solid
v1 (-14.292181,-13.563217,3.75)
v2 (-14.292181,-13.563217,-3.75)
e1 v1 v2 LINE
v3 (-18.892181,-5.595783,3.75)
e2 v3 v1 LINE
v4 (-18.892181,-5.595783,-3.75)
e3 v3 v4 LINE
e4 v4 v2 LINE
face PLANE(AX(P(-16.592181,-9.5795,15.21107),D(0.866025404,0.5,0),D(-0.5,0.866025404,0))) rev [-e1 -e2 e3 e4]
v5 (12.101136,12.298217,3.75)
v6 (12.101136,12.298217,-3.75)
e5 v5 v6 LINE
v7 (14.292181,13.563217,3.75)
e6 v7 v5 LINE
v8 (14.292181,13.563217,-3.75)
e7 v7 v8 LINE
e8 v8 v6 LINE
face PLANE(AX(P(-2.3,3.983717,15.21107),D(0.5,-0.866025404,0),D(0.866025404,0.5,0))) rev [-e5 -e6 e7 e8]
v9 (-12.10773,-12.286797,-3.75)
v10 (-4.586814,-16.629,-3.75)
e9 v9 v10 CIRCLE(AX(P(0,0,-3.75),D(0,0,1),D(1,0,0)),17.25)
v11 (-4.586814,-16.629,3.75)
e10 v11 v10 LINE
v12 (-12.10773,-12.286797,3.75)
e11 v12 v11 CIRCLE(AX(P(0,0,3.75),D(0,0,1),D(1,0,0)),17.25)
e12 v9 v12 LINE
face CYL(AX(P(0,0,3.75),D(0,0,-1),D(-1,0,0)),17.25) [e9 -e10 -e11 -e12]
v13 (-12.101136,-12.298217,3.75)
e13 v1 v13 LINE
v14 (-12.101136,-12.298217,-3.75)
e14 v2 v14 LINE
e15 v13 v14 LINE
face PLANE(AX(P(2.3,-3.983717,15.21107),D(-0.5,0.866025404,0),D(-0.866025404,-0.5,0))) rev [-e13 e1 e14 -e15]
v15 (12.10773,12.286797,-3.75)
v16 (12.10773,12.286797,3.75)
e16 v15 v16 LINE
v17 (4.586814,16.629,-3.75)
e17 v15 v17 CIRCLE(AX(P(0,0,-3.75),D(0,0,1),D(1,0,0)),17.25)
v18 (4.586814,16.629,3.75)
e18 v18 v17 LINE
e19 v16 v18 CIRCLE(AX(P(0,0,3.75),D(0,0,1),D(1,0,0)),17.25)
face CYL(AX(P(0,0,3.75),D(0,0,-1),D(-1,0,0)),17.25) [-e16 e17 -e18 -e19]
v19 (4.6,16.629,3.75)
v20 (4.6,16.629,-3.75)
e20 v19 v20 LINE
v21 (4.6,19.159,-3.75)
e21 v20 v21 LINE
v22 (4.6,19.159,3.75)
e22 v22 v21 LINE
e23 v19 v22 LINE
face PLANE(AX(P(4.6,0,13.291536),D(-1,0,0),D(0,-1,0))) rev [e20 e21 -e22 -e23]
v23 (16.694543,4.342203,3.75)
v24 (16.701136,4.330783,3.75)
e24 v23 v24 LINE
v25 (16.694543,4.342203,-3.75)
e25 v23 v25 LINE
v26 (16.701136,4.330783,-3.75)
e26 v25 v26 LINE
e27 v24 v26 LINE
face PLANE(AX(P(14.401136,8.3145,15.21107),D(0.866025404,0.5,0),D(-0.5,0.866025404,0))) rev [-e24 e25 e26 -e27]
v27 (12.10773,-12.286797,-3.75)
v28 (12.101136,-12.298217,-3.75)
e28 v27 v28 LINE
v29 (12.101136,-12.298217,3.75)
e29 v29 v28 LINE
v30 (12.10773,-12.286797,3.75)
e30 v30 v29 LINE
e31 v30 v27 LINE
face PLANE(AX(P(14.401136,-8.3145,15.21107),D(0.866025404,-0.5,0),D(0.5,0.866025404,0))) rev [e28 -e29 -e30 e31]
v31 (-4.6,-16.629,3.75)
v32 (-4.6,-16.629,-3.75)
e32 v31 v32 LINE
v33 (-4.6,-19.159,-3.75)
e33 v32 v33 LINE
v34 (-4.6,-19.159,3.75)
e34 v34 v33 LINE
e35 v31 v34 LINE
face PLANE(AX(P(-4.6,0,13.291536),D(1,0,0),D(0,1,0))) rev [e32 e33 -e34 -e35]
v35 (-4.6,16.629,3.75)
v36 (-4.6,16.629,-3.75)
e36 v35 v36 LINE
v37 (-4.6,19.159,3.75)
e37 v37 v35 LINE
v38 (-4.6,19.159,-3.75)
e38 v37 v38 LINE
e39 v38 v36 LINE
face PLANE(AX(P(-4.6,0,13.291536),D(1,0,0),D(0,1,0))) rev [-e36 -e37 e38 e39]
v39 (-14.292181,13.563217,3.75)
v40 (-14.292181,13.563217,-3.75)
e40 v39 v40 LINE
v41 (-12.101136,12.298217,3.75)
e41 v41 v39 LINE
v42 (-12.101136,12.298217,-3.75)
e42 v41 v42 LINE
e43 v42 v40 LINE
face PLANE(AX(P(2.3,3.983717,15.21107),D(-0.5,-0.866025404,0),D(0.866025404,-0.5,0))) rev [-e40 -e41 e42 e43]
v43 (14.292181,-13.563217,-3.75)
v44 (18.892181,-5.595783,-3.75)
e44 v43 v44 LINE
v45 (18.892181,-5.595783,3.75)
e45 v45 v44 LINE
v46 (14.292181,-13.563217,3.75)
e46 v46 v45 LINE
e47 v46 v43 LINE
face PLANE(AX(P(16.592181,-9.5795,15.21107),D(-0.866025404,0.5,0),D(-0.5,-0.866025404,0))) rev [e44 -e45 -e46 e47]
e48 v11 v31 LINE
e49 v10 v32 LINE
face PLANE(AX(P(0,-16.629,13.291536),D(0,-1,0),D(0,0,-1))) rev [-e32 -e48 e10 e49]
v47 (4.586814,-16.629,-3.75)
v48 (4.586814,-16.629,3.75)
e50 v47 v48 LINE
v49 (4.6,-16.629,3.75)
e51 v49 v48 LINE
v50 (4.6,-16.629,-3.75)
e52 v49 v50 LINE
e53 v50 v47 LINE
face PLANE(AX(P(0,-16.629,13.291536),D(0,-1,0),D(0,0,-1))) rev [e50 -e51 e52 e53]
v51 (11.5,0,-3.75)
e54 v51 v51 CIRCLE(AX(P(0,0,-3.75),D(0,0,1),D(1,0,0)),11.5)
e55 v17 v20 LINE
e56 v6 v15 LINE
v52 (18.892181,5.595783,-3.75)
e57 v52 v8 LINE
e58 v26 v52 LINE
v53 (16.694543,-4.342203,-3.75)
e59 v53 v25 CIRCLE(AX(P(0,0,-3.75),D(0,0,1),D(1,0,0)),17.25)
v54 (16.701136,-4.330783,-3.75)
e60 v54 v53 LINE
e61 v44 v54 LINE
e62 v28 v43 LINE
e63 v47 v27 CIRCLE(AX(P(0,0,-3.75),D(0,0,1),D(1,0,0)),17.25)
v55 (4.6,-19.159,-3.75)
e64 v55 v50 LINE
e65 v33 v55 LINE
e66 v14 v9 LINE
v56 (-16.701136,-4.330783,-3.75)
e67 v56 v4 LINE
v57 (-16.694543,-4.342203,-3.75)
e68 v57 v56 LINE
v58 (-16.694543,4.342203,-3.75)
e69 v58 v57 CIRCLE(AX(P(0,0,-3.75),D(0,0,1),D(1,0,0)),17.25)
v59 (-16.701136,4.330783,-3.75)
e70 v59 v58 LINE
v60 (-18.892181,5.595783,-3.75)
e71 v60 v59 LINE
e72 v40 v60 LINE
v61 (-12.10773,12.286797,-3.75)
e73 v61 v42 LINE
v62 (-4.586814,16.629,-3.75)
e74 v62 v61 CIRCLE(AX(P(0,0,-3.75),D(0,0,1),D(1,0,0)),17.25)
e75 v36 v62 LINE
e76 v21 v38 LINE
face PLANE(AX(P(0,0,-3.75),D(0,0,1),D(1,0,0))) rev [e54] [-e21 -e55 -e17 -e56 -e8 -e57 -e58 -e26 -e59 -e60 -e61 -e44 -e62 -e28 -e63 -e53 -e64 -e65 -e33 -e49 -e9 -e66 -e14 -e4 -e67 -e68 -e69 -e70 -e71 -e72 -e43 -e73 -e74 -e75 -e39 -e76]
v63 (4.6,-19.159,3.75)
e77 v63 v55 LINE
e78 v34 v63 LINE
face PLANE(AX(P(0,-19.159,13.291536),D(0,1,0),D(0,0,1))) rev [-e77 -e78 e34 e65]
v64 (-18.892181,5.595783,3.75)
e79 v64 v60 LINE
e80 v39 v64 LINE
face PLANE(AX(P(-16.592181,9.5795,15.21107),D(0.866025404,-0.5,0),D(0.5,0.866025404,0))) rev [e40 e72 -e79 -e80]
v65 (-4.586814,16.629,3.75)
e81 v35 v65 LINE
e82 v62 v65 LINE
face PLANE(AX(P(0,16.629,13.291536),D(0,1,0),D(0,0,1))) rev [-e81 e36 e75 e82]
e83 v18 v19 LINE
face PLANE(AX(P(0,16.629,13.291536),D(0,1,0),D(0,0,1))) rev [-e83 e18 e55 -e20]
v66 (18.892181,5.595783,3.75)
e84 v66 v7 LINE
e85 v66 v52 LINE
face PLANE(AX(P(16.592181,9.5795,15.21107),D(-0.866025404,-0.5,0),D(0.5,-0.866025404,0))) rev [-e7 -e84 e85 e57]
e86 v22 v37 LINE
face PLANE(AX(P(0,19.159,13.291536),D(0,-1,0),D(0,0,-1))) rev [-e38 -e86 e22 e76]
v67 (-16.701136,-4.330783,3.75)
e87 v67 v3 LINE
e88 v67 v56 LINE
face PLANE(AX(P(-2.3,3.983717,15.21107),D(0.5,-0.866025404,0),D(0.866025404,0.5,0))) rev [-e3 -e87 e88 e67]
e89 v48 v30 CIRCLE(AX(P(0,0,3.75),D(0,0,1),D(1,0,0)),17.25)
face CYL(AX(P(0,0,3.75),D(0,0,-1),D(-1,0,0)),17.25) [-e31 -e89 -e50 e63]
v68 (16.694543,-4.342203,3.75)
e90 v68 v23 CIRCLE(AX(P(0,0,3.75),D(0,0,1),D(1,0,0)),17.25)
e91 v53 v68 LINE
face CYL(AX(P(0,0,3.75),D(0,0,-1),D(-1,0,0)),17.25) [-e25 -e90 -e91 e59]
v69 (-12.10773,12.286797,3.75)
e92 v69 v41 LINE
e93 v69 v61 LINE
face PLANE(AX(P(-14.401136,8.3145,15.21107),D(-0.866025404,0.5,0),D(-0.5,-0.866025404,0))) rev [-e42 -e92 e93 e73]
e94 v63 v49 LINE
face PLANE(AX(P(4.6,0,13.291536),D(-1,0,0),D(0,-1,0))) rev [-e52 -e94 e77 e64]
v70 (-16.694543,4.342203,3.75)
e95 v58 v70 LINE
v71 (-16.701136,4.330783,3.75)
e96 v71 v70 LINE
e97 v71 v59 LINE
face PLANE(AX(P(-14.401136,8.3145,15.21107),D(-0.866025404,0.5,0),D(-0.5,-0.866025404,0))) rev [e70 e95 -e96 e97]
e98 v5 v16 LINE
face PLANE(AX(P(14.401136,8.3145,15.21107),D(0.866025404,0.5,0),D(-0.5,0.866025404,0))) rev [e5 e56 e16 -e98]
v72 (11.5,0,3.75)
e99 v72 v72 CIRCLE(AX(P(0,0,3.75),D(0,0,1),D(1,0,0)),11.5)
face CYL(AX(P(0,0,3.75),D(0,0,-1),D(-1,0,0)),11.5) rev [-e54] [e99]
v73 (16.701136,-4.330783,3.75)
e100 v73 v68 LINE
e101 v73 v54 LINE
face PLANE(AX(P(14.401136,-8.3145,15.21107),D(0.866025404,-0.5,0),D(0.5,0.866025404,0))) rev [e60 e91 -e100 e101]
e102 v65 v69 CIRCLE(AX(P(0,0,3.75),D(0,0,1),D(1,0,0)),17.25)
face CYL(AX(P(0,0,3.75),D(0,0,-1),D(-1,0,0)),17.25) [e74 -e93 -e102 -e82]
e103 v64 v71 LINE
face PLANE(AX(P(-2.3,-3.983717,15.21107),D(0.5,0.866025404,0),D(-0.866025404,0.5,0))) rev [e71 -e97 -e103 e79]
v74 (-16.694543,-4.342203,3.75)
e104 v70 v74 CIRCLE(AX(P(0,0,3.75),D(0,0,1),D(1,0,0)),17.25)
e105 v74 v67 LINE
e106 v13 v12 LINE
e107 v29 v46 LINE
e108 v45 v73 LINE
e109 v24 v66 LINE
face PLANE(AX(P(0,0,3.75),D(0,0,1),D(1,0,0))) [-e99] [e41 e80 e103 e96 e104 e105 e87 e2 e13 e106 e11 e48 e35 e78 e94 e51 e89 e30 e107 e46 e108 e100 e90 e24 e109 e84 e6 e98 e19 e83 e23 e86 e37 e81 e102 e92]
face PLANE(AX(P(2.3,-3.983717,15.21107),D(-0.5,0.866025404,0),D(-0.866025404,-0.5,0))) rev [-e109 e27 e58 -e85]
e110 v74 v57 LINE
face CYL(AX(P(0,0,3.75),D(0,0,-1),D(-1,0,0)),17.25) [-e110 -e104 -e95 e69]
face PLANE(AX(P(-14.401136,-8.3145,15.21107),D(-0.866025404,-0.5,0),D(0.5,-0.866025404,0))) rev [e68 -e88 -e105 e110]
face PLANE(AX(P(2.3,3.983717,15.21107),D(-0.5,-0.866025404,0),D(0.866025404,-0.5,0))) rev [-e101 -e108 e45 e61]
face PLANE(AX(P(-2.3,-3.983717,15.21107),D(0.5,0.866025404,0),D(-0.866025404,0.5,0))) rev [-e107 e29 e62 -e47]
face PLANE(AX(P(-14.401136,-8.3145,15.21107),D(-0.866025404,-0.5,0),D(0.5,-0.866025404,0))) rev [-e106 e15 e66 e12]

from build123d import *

# Parameters (mm, degrees)
SKETCH2_R           = 17.25
SKETCH2_R_2         = 11.5
BOSS_EXTRUDE1_DEPTH = 3.75
BOSS_EXTRUDE2_START = -3.75
SKETCH3_W           = 9.2
SKETCH3_H           = 2.53
BOSS_EXTRUDE2_DEPTH = 7.5
CIRPATTERN1_COUNT   = 6


with BuildPart() as part:
    # Sketch2 → Boss-Extrude1 (new body, symmetric)
    with BuildSketch(Plane.XY):
        Circle(SKETCH2_R)
        Circle(SKETCH2_R_2, mode=Mode.SUBTRACT)
    extrude(amount=BOSS_EXTRUDE1_DEPTH, both=True)

    # Sketch3 → Boss-Extrude2 (add)
    with BuildSketch(Plane.XY.offset(BOSS_EXTRUDE2_START)):
        with Locations((0, 17.894)):
            Rectangle(SKETCH3_W, SKETCH3_H)
    boss_extrude2 = extrude(amount=BOSS_EXTRUDE2_DEPTH)

    # CirPattern1: Boss-Extrude2 ×6 about axis
    cirpattern1_axis = Axis((0, 0, 0), (0, 0, 1))
    for i in range(1, CIRPATTERN1_COUNT):
        add(boss_extrude2.rotate(cirpattern1_axis, i * 360 / CIRPATTERN1_COUNT))


solid = part.part
